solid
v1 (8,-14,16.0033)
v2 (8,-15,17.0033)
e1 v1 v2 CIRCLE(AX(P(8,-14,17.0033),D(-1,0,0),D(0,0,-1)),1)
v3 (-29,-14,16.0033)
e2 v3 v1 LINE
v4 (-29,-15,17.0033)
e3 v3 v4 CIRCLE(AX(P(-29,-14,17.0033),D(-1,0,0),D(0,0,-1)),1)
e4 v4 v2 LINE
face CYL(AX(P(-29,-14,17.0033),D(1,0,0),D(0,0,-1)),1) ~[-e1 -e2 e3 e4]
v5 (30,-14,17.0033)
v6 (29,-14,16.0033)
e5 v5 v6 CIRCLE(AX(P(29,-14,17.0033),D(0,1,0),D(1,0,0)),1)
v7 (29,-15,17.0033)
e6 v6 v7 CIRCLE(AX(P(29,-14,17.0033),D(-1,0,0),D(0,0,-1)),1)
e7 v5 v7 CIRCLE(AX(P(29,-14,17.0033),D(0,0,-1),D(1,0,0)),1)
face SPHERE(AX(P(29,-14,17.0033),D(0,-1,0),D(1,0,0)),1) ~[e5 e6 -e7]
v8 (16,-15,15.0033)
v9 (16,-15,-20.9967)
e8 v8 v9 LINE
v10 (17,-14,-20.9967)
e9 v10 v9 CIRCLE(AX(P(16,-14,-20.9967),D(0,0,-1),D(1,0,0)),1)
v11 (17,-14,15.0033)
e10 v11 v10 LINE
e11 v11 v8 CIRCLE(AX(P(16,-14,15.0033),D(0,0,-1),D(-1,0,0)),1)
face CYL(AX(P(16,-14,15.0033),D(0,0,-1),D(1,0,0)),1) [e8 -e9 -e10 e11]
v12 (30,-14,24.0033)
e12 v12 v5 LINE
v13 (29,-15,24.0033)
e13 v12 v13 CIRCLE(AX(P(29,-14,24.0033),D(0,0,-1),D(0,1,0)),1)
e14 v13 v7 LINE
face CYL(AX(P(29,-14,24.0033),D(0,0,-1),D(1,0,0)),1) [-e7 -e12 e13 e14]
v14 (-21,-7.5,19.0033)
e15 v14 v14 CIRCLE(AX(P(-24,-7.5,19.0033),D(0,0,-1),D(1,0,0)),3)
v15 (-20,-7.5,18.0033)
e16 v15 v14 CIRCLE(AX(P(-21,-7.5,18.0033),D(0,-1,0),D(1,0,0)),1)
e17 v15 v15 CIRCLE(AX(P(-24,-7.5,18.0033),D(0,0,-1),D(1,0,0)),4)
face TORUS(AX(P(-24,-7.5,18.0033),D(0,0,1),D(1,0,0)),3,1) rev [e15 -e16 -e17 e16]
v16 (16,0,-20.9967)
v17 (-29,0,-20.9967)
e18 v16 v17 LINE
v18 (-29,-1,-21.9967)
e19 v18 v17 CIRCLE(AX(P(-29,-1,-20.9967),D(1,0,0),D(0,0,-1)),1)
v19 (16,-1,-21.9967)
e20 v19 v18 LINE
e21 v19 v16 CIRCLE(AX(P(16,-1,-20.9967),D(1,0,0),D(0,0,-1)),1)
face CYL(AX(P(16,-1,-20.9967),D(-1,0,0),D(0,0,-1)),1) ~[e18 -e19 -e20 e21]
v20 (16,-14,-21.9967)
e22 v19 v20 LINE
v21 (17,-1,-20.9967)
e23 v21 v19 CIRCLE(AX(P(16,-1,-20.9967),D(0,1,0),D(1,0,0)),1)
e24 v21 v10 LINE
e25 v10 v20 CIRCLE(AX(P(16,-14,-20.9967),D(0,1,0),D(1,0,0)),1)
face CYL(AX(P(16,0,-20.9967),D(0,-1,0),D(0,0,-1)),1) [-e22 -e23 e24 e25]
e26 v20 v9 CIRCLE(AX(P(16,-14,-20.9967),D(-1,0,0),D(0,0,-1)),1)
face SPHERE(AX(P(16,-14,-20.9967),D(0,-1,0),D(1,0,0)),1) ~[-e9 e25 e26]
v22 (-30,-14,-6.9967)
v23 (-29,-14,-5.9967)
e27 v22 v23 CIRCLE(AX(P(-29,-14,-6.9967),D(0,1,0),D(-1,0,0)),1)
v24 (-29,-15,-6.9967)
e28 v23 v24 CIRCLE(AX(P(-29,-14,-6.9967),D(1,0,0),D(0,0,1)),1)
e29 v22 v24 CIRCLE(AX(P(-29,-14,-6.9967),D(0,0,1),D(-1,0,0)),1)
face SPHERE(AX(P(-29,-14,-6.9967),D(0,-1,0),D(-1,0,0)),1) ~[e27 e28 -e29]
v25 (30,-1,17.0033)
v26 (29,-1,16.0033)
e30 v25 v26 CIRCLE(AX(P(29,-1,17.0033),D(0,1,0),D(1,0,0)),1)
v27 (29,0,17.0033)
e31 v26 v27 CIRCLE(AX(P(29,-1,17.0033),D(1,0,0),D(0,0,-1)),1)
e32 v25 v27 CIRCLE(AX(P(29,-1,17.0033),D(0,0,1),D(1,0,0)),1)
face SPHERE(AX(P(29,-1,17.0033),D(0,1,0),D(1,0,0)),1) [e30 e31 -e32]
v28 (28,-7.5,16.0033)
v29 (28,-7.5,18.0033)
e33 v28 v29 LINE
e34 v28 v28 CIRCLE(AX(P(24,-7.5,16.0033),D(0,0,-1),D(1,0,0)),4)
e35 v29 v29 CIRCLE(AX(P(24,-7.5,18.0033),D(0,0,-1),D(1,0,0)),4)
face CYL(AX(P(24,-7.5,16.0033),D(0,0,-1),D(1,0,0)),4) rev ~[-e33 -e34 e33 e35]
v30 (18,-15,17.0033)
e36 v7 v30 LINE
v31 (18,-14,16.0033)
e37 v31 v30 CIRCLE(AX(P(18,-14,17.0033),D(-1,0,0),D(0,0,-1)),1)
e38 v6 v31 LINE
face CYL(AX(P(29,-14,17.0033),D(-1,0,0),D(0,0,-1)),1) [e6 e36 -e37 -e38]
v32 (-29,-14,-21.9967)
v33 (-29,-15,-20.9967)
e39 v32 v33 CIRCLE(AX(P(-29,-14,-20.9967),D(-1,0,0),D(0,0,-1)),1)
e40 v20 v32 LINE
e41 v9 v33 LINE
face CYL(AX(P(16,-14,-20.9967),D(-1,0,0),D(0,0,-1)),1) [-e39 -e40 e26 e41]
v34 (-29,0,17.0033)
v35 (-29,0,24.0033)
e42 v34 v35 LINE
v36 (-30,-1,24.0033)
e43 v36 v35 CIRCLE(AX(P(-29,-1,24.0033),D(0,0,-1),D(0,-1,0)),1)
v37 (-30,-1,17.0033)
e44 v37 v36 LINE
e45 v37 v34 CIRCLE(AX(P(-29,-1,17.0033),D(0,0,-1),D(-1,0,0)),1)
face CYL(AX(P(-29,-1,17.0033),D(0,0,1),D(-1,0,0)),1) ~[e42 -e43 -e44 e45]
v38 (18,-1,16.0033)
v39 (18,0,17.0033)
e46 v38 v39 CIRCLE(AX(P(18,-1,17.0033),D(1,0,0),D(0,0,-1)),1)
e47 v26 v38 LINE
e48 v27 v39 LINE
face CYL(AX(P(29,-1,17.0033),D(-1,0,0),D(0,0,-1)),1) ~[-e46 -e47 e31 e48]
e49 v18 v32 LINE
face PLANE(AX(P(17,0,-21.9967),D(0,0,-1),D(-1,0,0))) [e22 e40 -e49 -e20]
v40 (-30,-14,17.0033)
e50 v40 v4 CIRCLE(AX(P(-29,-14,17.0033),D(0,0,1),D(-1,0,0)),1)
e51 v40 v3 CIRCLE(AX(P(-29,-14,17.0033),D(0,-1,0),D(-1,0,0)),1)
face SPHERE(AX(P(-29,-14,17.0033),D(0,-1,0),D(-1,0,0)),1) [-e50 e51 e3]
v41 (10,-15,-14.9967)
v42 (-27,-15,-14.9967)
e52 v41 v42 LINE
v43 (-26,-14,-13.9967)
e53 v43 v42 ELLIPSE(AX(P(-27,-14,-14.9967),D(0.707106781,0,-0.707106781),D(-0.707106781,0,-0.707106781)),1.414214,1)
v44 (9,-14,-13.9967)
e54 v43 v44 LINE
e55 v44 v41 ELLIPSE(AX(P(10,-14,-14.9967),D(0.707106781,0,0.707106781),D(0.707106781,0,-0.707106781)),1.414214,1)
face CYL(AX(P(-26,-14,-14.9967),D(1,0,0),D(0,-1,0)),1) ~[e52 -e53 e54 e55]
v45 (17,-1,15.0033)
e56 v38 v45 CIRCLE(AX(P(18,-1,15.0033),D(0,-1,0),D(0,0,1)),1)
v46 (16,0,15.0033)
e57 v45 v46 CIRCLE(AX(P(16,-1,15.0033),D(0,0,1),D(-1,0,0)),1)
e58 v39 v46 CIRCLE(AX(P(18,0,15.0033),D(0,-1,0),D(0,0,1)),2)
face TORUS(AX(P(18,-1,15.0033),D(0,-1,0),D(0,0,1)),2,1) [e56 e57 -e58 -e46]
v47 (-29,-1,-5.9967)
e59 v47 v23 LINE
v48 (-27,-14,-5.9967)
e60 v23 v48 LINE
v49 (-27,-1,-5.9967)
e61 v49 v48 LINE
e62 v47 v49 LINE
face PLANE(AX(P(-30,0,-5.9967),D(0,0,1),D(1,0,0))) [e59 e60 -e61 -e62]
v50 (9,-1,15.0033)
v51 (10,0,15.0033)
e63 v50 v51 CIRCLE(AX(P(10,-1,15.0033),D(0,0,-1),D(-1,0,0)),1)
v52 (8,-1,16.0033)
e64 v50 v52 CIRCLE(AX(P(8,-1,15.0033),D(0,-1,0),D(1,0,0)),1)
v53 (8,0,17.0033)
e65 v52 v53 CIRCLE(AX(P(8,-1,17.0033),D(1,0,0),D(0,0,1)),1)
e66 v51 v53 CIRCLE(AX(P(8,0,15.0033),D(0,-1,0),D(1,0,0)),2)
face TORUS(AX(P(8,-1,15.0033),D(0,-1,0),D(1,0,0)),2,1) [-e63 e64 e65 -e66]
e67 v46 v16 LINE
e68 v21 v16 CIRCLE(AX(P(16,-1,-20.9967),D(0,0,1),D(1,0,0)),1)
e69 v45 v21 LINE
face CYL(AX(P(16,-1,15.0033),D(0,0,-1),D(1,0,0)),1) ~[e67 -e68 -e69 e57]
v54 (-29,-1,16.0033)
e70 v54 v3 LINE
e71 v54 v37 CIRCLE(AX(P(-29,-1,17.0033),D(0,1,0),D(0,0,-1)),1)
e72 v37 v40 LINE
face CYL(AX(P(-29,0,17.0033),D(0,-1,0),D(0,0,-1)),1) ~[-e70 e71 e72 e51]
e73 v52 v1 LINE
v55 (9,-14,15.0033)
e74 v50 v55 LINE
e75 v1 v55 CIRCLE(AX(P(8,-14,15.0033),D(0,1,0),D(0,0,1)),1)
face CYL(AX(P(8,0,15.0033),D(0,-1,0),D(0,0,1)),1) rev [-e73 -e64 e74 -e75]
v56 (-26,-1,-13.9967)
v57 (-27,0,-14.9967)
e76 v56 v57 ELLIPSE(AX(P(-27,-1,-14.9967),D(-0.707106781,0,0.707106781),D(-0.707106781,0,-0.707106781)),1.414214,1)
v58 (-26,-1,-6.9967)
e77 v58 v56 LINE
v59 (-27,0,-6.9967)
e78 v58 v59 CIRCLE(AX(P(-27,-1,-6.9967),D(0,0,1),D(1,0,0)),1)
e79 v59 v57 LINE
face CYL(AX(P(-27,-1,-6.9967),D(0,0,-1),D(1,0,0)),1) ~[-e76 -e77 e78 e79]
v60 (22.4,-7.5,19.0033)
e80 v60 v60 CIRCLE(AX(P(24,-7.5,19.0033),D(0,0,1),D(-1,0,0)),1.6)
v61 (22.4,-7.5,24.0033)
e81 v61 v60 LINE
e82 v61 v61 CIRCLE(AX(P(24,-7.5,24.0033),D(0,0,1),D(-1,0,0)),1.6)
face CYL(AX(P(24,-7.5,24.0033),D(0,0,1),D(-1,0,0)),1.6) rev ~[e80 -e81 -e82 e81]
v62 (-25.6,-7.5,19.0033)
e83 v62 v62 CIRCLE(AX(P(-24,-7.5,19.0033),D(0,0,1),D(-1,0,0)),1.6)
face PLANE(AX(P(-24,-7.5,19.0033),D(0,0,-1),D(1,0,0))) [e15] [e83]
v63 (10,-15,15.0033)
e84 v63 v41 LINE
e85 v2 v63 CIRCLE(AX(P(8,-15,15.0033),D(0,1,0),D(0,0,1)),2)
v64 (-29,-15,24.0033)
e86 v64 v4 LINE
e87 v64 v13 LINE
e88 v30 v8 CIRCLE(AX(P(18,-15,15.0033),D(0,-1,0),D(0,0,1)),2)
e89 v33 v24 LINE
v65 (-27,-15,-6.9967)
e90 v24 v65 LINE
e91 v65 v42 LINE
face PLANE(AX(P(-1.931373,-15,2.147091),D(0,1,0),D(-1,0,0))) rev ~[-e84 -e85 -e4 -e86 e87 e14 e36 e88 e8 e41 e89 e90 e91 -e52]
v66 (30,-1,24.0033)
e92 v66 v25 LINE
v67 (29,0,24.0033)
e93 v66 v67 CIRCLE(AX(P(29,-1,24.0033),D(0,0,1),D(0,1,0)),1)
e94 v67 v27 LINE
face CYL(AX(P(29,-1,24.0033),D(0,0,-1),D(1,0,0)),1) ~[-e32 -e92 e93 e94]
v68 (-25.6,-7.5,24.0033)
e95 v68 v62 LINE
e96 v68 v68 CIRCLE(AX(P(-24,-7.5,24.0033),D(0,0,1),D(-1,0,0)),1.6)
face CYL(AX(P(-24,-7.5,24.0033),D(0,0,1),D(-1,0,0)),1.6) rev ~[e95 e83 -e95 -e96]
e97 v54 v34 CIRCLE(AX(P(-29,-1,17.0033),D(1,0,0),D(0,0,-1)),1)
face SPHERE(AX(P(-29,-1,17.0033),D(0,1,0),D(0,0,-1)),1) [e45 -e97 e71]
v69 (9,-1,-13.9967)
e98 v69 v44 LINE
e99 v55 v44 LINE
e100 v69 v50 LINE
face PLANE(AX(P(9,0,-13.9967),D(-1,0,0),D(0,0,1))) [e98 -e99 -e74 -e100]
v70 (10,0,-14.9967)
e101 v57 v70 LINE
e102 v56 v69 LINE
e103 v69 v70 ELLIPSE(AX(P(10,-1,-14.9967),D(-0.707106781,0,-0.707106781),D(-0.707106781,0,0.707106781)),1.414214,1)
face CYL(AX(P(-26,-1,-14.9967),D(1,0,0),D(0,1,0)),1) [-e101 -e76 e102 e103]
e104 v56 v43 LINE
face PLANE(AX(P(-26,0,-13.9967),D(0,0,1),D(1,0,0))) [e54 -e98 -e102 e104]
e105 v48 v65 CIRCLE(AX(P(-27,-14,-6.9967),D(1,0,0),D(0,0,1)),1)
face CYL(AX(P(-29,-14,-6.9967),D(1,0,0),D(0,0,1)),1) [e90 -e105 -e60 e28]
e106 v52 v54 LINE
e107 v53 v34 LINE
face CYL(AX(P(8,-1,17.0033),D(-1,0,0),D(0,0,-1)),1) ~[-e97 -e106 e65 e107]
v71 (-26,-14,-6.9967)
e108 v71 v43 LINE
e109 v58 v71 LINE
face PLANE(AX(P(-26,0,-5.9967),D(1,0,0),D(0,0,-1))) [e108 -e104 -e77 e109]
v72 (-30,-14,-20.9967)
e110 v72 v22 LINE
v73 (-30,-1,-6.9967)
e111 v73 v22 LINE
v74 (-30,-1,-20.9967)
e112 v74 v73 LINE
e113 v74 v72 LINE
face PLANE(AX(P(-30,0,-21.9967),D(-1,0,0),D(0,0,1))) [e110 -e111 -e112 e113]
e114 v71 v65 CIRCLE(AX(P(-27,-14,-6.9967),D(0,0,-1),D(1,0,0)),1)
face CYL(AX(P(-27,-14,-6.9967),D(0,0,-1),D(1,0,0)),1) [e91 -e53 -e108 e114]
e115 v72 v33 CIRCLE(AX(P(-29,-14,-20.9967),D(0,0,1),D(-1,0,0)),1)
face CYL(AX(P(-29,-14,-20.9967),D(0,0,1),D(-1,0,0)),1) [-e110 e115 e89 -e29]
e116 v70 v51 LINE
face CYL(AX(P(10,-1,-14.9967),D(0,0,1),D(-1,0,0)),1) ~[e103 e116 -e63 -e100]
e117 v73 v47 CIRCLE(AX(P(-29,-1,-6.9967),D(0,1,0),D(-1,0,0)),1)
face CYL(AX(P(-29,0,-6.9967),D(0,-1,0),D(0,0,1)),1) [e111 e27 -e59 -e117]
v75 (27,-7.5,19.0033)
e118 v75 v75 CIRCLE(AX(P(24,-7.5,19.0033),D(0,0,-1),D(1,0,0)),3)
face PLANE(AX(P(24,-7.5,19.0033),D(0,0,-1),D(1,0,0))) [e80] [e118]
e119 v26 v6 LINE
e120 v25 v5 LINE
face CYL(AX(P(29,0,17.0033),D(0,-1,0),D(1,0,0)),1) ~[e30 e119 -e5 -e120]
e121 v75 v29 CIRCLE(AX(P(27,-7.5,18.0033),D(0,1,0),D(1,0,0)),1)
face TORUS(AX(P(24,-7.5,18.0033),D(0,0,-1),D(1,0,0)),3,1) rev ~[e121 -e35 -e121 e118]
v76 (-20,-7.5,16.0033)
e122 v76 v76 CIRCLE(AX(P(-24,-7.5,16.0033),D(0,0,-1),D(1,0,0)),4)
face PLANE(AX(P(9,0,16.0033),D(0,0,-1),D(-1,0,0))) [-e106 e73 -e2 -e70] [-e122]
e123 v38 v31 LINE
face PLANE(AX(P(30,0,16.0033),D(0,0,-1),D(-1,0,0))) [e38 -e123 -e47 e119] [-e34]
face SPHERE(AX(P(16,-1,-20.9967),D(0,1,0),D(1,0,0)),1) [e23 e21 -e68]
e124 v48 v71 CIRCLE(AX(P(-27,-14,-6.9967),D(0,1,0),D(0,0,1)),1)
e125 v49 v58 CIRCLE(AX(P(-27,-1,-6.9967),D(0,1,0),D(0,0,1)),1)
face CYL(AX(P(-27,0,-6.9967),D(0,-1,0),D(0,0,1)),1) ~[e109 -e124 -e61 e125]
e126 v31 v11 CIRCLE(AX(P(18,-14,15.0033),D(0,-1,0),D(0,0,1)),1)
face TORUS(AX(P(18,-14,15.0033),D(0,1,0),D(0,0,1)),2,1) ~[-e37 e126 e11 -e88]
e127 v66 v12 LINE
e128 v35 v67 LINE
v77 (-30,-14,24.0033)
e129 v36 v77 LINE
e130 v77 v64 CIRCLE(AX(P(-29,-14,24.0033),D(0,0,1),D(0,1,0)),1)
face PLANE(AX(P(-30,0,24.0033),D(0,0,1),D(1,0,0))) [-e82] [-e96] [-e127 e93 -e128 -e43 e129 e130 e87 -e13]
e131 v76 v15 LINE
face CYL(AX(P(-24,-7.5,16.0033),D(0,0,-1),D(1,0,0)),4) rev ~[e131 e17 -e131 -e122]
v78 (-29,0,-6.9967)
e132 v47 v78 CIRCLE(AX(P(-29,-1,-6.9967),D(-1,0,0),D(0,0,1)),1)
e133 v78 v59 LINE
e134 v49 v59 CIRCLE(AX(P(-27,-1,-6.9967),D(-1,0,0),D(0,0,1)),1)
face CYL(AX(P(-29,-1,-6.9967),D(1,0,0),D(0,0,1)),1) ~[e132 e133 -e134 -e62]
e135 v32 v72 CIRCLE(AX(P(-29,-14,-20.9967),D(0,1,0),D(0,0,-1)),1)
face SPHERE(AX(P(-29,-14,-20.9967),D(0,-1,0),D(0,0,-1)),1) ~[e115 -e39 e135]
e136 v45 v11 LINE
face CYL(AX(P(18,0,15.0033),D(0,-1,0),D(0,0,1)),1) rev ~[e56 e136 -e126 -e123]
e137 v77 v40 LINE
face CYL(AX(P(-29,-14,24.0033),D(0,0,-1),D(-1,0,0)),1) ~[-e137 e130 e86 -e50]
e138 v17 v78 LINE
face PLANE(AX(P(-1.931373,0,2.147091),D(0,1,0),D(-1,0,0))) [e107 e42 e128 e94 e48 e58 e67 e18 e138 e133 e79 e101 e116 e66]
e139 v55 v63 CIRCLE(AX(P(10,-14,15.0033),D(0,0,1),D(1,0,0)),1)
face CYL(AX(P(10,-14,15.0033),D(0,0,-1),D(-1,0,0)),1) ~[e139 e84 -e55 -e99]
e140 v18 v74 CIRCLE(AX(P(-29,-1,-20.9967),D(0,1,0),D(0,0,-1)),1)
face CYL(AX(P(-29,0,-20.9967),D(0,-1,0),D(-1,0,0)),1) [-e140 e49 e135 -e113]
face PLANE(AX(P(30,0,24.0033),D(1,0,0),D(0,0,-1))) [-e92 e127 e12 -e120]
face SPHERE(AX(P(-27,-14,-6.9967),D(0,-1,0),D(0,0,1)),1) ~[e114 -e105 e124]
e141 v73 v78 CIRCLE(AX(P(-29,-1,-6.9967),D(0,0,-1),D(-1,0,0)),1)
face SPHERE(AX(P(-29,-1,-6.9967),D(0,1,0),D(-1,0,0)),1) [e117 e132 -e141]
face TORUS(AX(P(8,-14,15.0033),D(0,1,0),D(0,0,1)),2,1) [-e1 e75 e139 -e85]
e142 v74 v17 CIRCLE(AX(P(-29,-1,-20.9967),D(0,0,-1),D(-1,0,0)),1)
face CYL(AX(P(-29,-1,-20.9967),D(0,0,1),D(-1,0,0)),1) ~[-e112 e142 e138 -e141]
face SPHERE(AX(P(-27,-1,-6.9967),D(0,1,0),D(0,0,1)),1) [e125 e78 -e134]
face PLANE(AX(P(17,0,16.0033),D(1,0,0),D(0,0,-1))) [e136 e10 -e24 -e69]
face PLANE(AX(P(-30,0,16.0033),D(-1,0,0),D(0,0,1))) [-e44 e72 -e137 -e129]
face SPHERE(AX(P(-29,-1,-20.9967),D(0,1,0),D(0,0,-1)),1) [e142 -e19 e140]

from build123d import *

# Parameters (mm, degrees)
PAD_DEPTH       = 15
SKETCH001_R     = 1.6
POCKET_DEPTH    = 8
SKETCH002_R     = 4
POCKET001_DEPTH = 3
FILLET_R        = 1
FILLET001_R     = 1
FILLET002_R     = 1
FILLET003_R     = 1
FILLET004_R     = 1
FILLET005_R     = 1
FILLET006_R     = 1
FILLET007_R     = 1
FILLET008_R     = 1
FILLET009_R     = 1
FILLET010_R     = 1
FILLET011_R     = 1
FILLET012_R     = 1
FILLET013_R     = 1
FILLET014_R     = 1
FILLET015_R     = 1


with BuildPart() as part:
    # Sketch → Pad (new body)
    with BuildSketch(Plane.XZ):
        Polygon((-30, 24.0033), (30, 24.0033), (30, 16.0033), (17, 16.0033), (17, -21.9967), (-30, -21.9967), (-30, -5.9967), (-26, -5.9967), (-26, -13.9967), (9, -13.9967), (9, 16.0033), (-30, 16.0033), align=None)
    extrude(amount=PAD_DEPTH)

    # Sketch001 → Pocket (cut)
    with BuildSketch(Plane(origin=(0, 0, 24.0033), x_dir=(-1, 0, 0), z_dir=(0, 0, 1))):
        with Locations((-24, 7.5)):
            Circle(SKETCH001_R)
        with Locations((24, 7.5)):
            Circle(SKETCH001_R)
    extrude(amount=-POCKET_DEPTH, mode=Mode.SUBTRACT)

    # Sketch002 → Pocket001 (cut)
    with BuildSketch(Plane(origin=(0, 0, 16.0033), x_dir=(1, 0, 0), z_dir=(0, 0, -1))):
        with Locations((24, 7.5)):
            Circle(SKETCH002_R)
        with Locations((-24, 7.5)):
            Circle(SKETCH002_R)
    extrude(amount=-POCKET001_DEPTH, mode=Mode.SUBTRACT)

    # Fillet
    fillet_edges = [part.edges().sort_by_distance(p)[0] for p in [
        (-8.5, -15, -13.9967),
    ]]
    fillet(fillet_edges, radius=FILLET_R)

    # Fillet001
    fillet001_edges = [part.edges().sort_by_distance(p)[0] for p in [
        (-26, -7.5, -5.9967),
    ]]
    fillet(fillet001_edges, radius=FILLET001_R)

    # Fillet002
    fillet002_edges = [part.edges().sort_by_distance(p)[0] for p in [
        (-30, -7.5, -5.9967),
    ]]
    fillet(fillet002_edges, radius=FILLET002_R)

    # Fillet003
    fillet003_edges = [part.edges().sort_by_distance(p)[0] for p in [
        (-30, -7.5, -21.9967),
    ]]
    fillet(fillet003_edges, radius=FILLET003_R)

    # Fillet004
    fillet004_edges = [part.edges().sort_by_distance(p)[0] for p in [
        (17, -7.5, -21.9967),
    ]]
    fillet(fillet004_edges, radius=FILLET004_R)

    # Fillet005
    fillet005_edges = [part.edges().sort_by_distance(p)[0] for p in [
        (-8.5, 0, -13.9967),
    ]]
    fillet(fillet005_edges, radius=FILLET005_R)

    # Fillet006
    fillet006_edges = [part.edges().sort_by_distance(p)[0] for p in [
        (17, -7.5, 16.0033),
    ]]
    fillet(fillet006_edges, radius=FILLET006_R)

    # Fillet007
    fillet007_edges = [part.edges().sort_by_distance(p)[0] for p in [
        (9, -7.5, 16.0033),
    ]]
    fillet(fillet007_edges, radius=FILLET007_R)

    # Fillet008
    fillet008_edges = [part.edges().sort_by_distance(p)[0] for p in [
        (-30, -7.5, 16.0033),
    ]]
    fillet(fillet008_edges, radius=FILLET008_R)

    # Fillet009
    fillet009_edges = [part.edges().sort_by_distance(p)[0] for p in [
        (30, -7.5, 16.0033),
    ]]
    fillet(fillet009_edges, radius=FILLET009_R)

    # Fillet010
    fillet010_edges = [part.edges().sort_by_distance(p)[0] for p in [
        (9, -15, 0.5033),
    ]]
    fillet(fillet010_edges, radius=FILLET010_R)

    # Fillet011
    fillet011_edges = [part.edges().sort_by_distance(p)[0] for p in [
        (9, 0, 0.5033),
    ]]
    fillet(fillet011_edges, radius=FILLET011_R)

    # Fillet012
    fillet012_edges = [part.edges().sort_by_distance(p)[0] for p in [
        (17, -15, -2.9967),
    ]]
    fillet(fillet012_edges, radius=FILLET012_R)

    # Fillet013
    fillet013_edges = [part.edges().sort_by_distance(p)[0] for p in [
        (17, 0, -2.9967),
    ]]
    fillet(fillet013_edges, radius=FILLET013_R)

    # Fillet014
    fillet014_edges = [part.edges().sort_by_distance(p)[0] for p in [
        (-28, -7.5, 19.0033),
    ]]
    fillet(fillet014_edges, radius=FILLET014_R)

    # Fillet015
    fillet015_edges = [part.edges().sort_by_distance(p)[0] for p in [
        (20, -7.5, 19.0033),
    ]]
    fillet(fillet015_edges, radius=FILLET015_R)


solid = part.part
